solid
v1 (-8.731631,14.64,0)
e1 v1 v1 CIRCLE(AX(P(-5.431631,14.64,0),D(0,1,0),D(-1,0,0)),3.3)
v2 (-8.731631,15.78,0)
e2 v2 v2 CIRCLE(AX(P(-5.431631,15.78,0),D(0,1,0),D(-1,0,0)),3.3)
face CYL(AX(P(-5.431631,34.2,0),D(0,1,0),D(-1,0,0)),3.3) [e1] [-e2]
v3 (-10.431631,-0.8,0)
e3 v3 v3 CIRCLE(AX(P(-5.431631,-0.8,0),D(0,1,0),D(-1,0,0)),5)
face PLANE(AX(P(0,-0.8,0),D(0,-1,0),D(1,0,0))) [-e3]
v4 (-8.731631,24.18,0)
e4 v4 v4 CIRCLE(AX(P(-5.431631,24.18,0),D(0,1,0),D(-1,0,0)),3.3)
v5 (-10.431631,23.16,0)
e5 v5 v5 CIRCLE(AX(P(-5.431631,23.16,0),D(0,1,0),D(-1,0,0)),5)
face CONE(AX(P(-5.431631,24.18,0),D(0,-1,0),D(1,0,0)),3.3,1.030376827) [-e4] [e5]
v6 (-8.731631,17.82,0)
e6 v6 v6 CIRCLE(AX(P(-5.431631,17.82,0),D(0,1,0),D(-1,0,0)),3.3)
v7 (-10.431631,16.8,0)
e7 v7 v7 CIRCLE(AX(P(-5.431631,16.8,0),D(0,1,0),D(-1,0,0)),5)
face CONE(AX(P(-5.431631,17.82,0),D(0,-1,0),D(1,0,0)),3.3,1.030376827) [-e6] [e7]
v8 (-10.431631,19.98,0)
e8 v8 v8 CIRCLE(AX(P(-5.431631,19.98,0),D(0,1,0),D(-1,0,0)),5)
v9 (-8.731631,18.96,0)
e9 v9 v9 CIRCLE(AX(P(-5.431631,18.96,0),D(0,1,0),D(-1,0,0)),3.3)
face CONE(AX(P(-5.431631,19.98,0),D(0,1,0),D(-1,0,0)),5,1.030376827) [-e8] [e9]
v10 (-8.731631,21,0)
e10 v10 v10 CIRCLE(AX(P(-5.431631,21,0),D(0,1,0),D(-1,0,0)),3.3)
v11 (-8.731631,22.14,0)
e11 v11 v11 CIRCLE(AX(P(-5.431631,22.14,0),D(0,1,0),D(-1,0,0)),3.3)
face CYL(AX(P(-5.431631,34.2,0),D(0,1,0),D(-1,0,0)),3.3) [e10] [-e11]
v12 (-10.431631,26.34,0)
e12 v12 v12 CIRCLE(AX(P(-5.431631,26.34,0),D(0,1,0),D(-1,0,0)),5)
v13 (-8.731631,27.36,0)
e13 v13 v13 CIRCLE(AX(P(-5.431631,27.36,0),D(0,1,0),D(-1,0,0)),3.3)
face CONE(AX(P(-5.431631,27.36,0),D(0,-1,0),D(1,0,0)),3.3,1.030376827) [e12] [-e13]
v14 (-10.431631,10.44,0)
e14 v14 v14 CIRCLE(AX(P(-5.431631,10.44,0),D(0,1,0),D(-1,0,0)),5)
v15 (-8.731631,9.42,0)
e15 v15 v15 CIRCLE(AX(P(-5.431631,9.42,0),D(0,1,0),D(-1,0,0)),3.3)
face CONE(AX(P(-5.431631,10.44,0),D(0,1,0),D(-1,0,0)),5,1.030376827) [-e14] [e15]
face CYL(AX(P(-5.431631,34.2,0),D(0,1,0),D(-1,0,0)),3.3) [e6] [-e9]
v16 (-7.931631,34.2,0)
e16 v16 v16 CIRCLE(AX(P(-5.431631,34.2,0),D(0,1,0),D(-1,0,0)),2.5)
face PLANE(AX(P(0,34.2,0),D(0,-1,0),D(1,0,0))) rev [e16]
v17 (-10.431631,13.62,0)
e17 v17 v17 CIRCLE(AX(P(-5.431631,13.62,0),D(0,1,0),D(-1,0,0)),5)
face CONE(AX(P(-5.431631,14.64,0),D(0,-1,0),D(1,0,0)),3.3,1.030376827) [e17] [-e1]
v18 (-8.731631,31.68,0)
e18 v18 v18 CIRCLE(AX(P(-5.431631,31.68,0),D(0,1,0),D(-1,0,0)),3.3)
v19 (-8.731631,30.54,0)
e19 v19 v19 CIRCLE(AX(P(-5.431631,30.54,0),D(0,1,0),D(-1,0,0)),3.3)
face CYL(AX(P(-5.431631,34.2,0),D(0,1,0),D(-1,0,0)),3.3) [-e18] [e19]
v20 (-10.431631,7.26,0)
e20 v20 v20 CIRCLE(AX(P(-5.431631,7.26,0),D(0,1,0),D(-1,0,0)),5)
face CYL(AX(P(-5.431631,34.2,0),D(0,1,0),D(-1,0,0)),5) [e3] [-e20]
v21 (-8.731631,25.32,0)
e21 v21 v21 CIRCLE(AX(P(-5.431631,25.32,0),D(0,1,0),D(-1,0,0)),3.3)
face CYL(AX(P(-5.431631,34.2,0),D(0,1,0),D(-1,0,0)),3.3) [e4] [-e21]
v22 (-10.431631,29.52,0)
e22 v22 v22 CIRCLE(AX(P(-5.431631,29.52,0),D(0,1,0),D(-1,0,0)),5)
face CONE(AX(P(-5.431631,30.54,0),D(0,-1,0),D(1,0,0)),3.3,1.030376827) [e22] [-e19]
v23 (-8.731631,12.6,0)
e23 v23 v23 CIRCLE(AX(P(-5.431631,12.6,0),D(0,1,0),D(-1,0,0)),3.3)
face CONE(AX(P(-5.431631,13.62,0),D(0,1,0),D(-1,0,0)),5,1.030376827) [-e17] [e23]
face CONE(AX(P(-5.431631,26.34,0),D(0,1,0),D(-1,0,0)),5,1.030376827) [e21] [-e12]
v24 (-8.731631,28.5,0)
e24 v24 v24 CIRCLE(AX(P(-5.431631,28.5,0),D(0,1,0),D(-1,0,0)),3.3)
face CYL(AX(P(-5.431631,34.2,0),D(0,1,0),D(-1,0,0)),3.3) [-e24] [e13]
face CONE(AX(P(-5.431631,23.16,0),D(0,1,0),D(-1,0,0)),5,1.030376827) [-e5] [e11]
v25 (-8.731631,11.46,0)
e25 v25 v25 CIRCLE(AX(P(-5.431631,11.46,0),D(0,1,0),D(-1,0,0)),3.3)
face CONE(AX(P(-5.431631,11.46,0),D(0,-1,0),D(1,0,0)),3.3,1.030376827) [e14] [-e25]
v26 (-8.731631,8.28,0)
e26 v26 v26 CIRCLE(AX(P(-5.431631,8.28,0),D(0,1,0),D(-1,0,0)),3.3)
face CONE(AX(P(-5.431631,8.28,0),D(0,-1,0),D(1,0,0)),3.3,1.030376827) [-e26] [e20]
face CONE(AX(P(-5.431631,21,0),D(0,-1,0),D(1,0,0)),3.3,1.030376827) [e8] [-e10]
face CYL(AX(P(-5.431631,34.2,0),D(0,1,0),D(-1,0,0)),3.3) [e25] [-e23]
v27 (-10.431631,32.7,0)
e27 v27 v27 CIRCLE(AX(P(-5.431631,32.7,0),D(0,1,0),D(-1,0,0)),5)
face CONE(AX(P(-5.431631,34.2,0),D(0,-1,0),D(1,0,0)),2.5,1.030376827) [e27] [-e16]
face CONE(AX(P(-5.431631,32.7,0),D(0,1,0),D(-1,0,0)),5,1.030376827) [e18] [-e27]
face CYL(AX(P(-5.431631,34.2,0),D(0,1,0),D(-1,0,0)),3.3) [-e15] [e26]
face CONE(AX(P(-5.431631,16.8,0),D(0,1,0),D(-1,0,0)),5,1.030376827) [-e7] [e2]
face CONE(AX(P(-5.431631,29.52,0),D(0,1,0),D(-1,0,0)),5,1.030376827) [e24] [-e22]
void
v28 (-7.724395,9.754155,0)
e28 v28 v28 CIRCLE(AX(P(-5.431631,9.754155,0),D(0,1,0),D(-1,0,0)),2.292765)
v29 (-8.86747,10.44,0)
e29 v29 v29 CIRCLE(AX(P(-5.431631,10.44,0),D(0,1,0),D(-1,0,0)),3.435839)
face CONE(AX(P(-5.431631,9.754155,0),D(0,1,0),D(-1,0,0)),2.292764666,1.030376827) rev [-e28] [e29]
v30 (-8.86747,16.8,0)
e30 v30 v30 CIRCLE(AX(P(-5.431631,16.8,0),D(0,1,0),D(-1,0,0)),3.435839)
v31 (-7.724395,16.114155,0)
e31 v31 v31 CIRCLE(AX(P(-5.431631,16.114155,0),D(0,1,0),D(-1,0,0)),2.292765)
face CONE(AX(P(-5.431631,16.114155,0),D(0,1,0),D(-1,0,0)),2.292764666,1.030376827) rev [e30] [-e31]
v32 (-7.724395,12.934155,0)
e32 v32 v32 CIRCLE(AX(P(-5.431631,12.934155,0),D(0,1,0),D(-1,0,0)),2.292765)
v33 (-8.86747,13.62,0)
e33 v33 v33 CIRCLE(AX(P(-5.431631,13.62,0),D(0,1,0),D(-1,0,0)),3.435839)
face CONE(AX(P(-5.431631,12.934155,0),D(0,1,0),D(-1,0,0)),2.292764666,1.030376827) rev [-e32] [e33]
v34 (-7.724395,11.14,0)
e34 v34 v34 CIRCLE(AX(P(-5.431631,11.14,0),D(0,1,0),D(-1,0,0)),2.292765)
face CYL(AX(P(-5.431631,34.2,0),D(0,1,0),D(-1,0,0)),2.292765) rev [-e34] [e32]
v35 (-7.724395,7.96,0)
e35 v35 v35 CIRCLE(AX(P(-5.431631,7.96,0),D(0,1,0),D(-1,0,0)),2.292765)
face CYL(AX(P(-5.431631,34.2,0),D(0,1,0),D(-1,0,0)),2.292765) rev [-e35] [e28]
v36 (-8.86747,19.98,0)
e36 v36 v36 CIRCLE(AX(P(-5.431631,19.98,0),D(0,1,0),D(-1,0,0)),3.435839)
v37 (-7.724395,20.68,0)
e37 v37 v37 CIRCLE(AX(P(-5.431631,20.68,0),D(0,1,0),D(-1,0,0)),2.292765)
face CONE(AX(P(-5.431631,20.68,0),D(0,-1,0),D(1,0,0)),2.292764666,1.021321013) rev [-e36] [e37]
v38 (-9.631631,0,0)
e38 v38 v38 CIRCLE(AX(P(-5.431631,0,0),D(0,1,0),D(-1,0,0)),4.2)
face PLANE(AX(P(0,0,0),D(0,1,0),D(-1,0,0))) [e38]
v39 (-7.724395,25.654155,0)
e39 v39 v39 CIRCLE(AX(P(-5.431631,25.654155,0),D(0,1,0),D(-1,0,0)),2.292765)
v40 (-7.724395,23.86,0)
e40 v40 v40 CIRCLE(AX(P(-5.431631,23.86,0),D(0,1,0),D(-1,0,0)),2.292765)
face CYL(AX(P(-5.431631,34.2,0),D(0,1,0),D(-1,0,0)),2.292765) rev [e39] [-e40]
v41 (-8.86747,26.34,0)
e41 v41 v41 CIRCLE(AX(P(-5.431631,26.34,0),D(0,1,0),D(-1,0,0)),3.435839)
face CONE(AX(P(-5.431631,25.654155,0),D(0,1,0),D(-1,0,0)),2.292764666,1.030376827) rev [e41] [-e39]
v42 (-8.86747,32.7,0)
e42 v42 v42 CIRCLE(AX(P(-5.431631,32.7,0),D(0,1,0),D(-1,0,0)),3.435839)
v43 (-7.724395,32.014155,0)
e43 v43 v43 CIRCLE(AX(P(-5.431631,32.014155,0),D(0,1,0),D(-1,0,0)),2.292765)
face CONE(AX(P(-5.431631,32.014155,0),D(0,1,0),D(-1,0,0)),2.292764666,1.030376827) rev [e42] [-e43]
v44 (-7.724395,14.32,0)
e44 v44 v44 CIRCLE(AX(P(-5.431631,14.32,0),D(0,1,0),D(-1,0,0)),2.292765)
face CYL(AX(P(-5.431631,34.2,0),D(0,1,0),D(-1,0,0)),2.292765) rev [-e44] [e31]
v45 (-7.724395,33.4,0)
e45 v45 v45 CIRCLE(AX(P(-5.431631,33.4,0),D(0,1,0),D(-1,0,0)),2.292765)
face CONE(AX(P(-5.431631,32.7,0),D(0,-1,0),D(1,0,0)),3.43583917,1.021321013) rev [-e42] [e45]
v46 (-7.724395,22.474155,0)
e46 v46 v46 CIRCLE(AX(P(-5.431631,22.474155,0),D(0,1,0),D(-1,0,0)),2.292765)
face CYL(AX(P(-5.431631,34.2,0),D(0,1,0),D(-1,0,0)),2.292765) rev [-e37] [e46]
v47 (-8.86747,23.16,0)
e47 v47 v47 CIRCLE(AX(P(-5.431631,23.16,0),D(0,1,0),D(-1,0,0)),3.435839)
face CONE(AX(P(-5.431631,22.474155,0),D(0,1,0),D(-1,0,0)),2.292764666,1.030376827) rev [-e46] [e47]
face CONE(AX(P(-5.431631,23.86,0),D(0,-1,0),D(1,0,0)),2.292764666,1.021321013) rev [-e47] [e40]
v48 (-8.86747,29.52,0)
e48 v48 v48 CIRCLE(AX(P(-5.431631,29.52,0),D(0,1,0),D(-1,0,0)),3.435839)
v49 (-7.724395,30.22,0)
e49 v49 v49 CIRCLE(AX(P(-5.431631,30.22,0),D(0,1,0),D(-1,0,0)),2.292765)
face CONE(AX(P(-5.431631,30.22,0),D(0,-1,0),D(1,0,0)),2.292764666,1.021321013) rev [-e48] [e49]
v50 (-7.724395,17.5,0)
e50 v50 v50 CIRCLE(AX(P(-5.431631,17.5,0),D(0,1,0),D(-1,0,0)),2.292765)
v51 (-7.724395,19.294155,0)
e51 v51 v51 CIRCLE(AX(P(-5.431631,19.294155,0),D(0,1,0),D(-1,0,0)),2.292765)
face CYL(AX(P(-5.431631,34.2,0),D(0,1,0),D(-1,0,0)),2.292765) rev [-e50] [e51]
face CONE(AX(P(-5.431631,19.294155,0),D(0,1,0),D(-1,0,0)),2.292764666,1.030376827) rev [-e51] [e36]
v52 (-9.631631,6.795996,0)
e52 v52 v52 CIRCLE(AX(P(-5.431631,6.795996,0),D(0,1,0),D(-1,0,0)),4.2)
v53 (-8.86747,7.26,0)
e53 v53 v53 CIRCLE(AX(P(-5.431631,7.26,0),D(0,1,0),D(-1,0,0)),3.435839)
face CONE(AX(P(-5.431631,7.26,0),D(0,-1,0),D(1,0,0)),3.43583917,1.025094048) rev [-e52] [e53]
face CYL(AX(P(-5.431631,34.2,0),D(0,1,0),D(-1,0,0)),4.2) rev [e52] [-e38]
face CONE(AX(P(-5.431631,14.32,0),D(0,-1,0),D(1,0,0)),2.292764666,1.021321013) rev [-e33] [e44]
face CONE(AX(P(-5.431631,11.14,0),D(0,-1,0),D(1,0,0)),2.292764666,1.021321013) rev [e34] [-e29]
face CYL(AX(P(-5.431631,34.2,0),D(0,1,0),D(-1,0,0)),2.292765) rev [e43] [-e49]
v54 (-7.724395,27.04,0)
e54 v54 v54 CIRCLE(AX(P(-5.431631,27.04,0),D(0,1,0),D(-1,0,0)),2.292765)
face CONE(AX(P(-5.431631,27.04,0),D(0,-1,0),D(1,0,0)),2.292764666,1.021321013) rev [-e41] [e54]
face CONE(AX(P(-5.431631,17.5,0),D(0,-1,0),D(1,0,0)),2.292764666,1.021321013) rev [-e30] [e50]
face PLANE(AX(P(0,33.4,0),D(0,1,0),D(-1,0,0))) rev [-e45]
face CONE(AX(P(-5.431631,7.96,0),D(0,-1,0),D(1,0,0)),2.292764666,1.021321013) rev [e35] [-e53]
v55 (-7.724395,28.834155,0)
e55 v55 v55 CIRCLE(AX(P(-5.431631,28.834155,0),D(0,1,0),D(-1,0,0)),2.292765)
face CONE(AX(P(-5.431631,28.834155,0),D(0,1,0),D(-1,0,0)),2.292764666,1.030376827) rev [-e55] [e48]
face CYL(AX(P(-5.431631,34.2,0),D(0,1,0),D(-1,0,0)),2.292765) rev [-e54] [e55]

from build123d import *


with BuildPart() as part:
    # Sketch1 → Revolve1 (revolve)
    with BuildSketch(Plane.XY, mode=Mode.PRIVATE) as revolve1_sk:
        Polygon((-0.431630681, 32.7), (-2.131630681, 31.68), (-2.131630681, 30.54), (-0.431630681, 29.52), (-2.131630681, 28.5), (-2.131630681, 27.36), (-0.431630681, 26.34), (-2.131630681, 25.32), (-2.131630681, 24.18), (-0.431630681, 23.16), (-2.131630681, 22.14), (-2.131630681, 21), (-0.431630681, 19.98), (-2.131630681, 18.96), (-2.131630681, 17.82), (-0.431630681, 16.8), (-2.131630681, 15.78), (-2.131630681, 14.64), (-0.431630681, 13.62), (-2.131630681, 12.6), (-2.131630681, 11.46), (-0.431630681, 10.44), (-2.131630681, 9.42), (-2.131630681, 8.28), (-0.431630681, 7.26), (-0.431630681, 0), (-0.431630681, -0.8), (-5.431630681, -0.8), (-5.431630681, 0), (-1.231630681, 0), (-1.231630681, 6.795995819), (-1.995791511, 7.26), (-3.138866015, 7.96), (-3.138866015, 9.754155298), (-1.995791511, 10.44), (-3.138866015, 11.14), (-3.138866015, 12.934155298), (-1.995791511, 13.62), (-3.138866015, 14.32), (-3.138866015, 16.114155298), (-1.995791511, 16.8), (-3.138866015, 17.5), (-3.138866015, 19.294155298), (-1.995791511, 19.98), (-3.138866015, 20.68), (-3.138866015, 22.474155298), (-1.995791511, 23.16), (-3.138866015, 23.86), (-3.138866015, 25.654155298), (-1.995791511, 26.34), (-3.138866015, 27.04), (-3.138866015, 28.834155298), (-1.995791511, 29.52), (-3.138866015, 30.22), (-3.138866015, 32.014155298), (-1.995791511, 32.7), (-3.138866015, 33.4), (-5.431630681, 33.4), (-5.431630681, 34.2), (-2.931630681, 34.2), align=None)
    revolve(revolve1_sk.sketch.rotate(Axis((-5.431630681, 34.2, 0), (0, -1, 0)), 180), axis=Axis((-5.431630681, 34.2, 0), (0, -1, 0)))


solid = part.part
